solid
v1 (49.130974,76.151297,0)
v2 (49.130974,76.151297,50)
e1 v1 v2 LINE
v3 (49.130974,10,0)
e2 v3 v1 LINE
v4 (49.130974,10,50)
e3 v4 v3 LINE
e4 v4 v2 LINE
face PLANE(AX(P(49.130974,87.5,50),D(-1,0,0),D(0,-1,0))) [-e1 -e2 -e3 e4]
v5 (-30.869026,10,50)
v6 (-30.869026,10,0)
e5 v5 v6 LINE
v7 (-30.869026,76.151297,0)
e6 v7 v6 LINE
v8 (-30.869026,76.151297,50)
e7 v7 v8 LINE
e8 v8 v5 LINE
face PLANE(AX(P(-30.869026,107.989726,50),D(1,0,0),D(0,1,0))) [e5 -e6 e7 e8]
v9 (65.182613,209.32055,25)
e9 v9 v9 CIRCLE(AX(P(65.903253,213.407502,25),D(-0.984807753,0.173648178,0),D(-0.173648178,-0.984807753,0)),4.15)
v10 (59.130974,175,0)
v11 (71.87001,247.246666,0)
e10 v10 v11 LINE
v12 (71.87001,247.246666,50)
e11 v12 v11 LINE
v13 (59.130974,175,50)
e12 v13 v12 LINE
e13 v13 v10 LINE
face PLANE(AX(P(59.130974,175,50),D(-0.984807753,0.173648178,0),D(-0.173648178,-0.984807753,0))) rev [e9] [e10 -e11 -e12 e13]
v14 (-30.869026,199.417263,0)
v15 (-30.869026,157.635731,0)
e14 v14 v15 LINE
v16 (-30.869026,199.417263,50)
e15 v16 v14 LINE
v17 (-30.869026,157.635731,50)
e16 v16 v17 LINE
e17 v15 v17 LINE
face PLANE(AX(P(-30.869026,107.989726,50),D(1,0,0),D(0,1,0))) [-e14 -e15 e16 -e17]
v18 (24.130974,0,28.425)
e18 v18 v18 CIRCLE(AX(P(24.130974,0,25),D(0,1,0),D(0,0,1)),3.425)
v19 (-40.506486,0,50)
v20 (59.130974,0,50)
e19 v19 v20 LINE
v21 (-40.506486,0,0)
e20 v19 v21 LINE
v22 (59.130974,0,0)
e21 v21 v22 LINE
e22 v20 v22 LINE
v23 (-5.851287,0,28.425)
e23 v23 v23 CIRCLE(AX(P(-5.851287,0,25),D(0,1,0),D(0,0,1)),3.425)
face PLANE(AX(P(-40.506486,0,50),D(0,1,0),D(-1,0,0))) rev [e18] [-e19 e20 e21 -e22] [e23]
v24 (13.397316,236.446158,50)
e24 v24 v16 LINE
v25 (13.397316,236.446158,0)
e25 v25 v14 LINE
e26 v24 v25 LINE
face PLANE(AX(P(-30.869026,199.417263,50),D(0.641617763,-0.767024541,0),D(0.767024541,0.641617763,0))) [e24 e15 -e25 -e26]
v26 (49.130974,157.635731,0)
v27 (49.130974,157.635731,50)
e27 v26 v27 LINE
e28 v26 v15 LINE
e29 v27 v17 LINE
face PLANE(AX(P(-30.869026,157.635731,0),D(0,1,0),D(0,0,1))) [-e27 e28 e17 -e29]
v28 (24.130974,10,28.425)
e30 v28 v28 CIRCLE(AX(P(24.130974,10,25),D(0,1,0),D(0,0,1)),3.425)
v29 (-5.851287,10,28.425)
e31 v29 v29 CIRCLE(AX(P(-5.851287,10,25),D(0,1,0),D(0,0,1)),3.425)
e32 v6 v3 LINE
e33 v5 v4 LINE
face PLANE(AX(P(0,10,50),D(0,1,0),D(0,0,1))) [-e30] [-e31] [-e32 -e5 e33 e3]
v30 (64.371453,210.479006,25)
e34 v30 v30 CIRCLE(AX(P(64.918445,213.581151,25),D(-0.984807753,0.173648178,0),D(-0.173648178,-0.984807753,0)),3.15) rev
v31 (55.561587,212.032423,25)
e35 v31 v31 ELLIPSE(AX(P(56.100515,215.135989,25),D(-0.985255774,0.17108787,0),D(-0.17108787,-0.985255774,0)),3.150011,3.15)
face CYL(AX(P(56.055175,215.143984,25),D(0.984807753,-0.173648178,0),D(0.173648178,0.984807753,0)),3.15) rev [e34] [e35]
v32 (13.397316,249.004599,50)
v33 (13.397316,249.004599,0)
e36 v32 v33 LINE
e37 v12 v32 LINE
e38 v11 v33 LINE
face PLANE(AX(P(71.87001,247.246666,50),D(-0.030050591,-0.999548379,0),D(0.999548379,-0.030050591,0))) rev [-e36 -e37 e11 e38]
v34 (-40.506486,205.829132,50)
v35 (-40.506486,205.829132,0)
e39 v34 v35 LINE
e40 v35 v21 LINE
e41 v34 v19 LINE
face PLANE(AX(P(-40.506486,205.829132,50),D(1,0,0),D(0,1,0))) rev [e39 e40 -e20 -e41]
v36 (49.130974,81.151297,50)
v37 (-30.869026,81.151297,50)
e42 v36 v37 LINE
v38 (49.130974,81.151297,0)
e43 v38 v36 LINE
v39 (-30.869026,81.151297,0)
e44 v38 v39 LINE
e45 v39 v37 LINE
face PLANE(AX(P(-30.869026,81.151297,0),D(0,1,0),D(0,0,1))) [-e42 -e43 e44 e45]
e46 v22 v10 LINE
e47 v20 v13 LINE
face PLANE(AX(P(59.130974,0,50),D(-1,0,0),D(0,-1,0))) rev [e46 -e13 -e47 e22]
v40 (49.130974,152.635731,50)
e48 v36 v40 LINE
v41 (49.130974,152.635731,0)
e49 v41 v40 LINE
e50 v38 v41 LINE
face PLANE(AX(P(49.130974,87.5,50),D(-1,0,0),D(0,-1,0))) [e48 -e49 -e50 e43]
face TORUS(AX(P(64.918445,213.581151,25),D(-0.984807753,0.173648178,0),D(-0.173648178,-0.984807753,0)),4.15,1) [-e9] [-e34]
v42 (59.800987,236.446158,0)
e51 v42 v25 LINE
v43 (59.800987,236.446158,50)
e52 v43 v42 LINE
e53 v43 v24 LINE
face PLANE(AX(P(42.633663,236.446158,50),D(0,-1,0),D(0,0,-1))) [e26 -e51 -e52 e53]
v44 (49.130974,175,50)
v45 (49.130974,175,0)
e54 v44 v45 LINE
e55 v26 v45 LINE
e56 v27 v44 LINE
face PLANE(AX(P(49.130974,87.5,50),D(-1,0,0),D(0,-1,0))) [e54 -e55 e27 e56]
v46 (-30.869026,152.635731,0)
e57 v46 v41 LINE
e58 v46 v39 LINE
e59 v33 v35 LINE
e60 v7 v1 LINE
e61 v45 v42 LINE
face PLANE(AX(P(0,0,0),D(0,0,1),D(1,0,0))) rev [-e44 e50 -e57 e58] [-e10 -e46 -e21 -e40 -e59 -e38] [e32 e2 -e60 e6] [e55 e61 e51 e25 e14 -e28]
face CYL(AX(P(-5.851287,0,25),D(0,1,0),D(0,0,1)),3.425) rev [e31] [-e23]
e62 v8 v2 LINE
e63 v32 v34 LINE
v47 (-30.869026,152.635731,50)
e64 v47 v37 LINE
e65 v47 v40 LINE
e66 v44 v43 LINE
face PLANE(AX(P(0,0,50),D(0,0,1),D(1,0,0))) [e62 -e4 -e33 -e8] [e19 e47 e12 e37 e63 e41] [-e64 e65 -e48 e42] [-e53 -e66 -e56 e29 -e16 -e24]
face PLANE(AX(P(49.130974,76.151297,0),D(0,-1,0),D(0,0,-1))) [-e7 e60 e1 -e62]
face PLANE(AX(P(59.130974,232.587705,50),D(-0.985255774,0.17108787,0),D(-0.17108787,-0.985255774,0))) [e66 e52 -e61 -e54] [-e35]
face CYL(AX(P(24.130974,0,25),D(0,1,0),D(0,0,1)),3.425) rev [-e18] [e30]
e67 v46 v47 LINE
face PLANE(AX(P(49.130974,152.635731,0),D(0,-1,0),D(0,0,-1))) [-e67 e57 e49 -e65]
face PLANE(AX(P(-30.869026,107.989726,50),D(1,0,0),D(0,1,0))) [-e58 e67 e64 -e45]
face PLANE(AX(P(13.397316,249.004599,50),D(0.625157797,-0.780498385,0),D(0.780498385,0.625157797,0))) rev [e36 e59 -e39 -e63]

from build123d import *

# Parameters (mm, degrees)
BOSS_EXTRUDE1_DEPTH = 50
SKETCH10_R          = 3.425
CUT_EXTRUDE5_DEPTH  = 10
SKETCH11_W          = 80
SKETCH11_H          = 5
BOSS_EXTRUDE3_DEPTH = 50
SKETCH14_R          = 3.15
CUT_EXTRUDE6_DEPTH  = 10
FILLET1_R           = 1


with BuildPart() as part:
    # Sketch2 → Boss-Extrude1 (new body)
    with BuildSketch(Plane.XY):
        Polygon((-40.506485759, 0), (59.130974018, 0), (59.130974018, 175), (71.870010435, 247.246665631), (13.397315769, 249.004598584), (-40.506485759, 205.829132158), align=None)
        Polygon((59.130974018, 232.587704831), (59.8009874, 236.446158122), (42.633663102, 236.446158122), (13.397315769, 236.446158122), (6.25157797, 230.468732297), (-30.869025982, 199.417263157), (-30.869025982, 107.989726368), (-30.869025982, 10), (0, 10), (49.130974018, 10), (49.130974018, 87.5), (49.130974018, 175), align=None, mode=Mode.SUBTRACT)
    extrude(amount=BOSS_EXTRUDE1_DEPTH)

    # Sketch10 → Cut-Extrude5 (cut)
    with BuildSketch(Plane(origin=(0, 10, 0), x_dir=(1, 0, 0), z_dir=(0, 1, 0))):
        with Locations((-5.851287133, -25)):
            Circle(SKETCH10_R)
        with Locations((24.130974018, -25)):
            Circle(SKETCH10_R)
    extrude(amount=-CUT_EXTRUDE5_DEPTH, mode=Mode.SUBTRACT)

    # Sketch11 → Boss-Extrude3 (add)
    with BuildSketch(Plane.XY.offset(50)):
        with Locations((9.130974018, 155.135730726)):
            Rectangle(SKETCH11_W, SKETCH11_H)
        with Locations((9.130974018, 78.651297101)):
            Rectangle(SKETCH11_W, SKETCH11_H)
    extrude(amount=-BOSS_EXTRUDE3_DEPTH)

    # Sketch14 → Cut-Extrude6 (cut)
    with BuildSketch(Plane(origin=(27.42119444, -4.835096423, 0), x_dir=(0, 0, -1), z_dir=(0.984807753, -0.173648178, 0))):
        with Locations((-25, 221.609342659)):
            Circle(SKETCH14_R)
    extrude(amount=-CUT_EXTRUDE6_DEPTH, mode=Mode.SUBTRACT)

    # Fillet1
    fillet1_edges = [part.edges().sort_by_distance(p)[0] for p in [
        (65.903252947, 213.407502367, 28.15),
    ]]
    fillet(fillet1_edges, radius=FILLET1_R)


solid = part.part
